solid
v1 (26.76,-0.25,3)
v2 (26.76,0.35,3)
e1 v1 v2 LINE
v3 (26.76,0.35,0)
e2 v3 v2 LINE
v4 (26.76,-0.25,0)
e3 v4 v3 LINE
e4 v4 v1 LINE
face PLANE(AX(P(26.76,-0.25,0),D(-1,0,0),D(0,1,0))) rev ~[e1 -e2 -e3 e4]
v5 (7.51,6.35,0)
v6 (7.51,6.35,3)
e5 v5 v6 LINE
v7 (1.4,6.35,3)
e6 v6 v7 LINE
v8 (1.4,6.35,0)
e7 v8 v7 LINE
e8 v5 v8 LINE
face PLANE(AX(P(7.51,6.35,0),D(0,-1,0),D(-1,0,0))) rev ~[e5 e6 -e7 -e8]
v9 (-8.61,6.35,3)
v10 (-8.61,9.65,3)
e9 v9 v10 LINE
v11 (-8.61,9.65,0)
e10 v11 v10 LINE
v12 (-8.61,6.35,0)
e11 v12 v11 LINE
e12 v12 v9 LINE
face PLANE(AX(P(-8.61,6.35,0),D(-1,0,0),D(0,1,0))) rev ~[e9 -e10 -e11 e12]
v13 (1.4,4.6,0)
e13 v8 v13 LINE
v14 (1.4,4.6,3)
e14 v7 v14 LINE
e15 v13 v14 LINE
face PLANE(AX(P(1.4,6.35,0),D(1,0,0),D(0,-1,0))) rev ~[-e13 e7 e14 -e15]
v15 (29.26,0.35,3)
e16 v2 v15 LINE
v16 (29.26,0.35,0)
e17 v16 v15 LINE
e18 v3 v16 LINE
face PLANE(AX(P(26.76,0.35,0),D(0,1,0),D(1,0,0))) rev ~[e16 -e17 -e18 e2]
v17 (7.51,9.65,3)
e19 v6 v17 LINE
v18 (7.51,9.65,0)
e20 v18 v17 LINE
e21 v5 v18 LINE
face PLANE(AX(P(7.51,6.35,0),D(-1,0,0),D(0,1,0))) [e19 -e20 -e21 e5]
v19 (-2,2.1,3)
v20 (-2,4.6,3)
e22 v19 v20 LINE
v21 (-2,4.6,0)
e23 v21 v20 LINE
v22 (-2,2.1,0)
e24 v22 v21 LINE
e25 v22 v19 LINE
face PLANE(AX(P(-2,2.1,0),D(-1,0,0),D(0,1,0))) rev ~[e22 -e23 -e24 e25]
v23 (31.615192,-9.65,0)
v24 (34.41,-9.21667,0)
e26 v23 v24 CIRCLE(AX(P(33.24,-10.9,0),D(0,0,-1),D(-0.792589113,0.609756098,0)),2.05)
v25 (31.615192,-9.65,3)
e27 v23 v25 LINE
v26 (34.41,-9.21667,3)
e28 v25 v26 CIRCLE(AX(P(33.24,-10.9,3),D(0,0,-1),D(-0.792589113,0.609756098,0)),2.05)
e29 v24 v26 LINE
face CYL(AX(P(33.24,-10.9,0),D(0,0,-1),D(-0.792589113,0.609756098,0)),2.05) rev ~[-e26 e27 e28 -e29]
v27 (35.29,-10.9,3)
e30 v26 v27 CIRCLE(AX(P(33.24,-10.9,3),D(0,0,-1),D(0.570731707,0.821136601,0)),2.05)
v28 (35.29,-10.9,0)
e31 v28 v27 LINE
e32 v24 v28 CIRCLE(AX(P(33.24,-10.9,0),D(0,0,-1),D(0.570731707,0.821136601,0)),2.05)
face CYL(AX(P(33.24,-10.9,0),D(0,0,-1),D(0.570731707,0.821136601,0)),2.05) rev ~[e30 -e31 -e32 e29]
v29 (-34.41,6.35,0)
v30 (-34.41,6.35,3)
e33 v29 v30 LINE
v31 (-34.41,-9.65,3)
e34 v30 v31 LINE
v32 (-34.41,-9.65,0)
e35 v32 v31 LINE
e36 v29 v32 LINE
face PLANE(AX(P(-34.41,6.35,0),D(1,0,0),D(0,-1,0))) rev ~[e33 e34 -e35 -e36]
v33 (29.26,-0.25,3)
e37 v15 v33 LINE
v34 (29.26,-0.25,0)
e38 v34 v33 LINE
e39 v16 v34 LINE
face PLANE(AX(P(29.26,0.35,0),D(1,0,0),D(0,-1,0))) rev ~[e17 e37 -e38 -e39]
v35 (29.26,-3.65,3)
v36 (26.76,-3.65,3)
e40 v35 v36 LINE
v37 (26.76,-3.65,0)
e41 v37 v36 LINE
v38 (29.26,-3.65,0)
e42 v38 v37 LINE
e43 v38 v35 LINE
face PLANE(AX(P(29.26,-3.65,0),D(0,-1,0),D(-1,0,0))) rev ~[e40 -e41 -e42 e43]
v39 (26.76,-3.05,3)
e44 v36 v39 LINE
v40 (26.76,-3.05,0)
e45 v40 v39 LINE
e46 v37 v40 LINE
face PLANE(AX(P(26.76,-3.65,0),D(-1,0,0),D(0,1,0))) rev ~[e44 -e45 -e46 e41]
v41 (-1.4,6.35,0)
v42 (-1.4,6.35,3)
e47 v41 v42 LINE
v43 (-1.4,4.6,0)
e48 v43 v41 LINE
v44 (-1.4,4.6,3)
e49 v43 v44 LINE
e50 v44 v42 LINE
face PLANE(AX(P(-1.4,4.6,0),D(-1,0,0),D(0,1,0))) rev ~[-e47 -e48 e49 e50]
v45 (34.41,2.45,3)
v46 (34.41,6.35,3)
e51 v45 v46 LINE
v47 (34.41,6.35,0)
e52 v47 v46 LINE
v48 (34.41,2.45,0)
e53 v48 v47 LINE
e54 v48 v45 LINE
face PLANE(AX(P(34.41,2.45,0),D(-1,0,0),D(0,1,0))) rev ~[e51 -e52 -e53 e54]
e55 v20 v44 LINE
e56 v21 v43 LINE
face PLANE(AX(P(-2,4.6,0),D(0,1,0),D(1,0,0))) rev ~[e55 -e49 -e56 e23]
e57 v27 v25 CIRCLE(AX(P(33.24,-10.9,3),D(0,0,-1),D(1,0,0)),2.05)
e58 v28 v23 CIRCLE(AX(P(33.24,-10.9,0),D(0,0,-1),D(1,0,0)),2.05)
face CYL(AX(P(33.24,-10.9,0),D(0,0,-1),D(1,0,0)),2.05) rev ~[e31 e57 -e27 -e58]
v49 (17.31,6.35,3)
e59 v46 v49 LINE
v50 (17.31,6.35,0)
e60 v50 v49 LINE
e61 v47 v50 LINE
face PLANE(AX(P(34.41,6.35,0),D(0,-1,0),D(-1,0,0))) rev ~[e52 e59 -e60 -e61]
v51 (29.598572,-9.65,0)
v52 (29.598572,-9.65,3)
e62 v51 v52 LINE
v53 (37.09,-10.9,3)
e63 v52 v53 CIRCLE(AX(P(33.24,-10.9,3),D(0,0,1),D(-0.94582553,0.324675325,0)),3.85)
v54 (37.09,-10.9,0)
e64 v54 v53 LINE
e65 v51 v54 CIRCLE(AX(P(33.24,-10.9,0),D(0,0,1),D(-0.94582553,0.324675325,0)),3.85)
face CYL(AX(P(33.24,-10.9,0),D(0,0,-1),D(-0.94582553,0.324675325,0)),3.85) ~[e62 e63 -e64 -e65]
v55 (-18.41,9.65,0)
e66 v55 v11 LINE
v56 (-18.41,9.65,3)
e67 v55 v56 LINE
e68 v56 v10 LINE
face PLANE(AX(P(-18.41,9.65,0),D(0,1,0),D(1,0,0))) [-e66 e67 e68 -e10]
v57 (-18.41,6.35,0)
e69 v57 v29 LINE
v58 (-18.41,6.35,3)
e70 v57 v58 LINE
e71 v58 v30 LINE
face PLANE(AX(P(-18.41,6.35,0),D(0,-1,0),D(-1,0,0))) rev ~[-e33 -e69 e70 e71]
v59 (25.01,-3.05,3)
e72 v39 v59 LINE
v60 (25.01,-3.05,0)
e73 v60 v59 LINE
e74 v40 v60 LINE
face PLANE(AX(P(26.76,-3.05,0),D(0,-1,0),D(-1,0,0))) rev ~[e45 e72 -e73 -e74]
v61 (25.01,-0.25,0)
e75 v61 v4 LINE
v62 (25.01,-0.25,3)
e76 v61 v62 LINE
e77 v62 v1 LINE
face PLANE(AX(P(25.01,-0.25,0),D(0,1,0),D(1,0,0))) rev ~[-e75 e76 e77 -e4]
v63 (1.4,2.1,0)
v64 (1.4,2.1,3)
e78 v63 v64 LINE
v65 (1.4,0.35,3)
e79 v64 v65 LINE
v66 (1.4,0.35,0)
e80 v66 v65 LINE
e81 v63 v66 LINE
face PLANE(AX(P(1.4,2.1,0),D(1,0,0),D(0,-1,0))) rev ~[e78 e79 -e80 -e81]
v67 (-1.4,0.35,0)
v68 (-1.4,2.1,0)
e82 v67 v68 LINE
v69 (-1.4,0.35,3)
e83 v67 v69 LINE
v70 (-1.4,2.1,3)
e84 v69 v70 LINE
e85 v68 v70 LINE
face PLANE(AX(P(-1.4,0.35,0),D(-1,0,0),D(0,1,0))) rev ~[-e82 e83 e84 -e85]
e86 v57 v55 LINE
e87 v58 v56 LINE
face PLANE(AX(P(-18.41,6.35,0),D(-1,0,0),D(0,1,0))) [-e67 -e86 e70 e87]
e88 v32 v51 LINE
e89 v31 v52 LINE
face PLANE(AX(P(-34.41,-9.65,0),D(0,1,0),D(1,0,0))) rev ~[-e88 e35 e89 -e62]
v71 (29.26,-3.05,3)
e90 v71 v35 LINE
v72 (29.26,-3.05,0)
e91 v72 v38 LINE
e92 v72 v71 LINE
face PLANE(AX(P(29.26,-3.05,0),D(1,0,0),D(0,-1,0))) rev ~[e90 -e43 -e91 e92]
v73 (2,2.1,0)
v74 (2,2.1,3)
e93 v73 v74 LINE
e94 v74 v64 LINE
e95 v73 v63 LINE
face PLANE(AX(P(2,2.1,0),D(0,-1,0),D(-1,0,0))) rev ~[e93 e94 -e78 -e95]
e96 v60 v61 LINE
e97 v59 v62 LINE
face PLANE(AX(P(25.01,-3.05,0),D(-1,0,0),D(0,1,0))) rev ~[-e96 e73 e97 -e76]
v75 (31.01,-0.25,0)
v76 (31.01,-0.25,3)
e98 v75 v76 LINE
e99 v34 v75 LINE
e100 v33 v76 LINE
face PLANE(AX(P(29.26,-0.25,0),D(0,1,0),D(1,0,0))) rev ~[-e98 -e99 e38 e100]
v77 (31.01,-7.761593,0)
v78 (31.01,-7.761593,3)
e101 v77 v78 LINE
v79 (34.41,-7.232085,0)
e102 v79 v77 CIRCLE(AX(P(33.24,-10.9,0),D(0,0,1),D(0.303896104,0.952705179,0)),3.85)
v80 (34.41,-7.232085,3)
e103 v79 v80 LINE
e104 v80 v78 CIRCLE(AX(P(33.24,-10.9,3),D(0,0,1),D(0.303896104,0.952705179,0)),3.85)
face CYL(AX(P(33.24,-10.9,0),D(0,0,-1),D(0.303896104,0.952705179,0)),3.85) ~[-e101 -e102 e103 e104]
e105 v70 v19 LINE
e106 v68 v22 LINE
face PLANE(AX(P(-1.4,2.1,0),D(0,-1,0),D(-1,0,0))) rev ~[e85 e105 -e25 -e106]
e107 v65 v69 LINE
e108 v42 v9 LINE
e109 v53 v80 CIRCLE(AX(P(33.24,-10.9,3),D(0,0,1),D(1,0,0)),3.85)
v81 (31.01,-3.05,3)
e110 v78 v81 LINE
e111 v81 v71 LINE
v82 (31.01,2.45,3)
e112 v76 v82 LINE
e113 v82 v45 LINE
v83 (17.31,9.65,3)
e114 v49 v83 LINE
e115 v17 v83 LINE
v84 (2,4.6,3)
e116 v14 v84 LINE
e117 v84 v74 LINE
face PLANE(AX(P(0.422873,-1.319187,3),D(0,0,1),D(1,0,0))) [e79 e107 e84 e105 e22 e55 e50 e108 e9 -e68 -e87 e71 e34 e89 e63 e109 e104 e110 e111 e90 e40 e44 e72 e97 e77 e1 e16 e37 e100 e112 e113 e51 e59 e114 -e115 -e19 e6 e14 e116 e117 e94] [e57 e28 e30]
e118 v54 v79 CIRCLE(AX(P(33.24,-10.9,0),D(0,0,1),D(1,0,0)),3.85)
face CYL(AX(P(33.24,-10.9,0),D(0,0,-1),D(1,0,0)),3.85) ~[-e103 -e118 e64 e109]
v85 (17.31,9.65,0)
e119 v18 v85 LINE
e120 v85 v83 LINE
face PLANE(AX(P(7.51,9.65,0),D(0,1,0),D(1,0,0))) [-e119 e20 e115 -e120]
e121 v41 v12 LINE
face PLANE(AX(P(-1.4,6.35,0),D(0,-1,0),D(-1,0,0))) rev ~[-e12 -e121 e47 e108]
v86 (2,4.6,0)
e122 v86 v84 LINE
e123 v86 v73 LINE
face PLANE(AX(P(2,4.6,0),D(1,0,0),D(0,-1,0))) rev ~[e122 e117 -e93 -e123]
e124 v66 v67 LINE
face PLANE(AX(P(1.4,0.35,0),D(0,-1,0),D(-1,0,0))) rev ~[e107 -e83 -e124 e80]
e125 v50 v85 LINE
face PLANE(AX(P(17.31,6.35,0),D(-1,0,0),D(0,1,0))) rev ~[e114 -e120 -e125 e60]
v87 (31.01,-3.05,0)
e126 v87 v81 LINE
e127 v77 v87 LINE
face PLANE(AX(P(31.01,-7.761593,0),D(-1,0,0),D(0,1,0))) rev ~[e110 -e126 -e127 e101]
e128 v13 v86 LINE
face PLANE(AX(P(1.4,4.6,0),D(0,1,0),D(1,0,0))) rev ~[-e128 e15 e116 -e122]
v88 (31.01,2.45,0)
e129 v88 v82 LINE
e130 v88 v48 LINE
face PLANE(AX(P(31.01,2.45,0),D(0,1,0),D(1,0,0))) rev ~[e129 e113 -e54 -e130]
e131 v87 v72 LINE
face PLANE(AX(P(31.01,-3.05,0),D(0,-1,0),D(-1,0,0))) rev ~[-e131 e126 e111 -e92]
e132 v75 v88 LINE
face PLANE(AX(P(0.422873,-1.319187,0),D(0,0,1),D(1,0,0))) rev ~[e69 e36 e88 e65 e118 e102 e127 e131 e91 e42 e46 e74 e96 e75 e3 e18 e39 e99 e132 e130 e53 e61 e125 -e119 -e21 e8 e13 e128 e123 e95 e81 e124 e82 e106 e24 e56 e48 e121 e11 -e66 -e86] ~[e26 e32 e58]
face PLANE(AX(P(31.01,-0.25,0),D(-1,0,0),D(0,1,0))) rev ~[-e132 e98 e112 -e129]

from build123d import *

# Parameters (mm, degrees)
F0_W     = 3.4
F0_H     = 3.9
F0_W_2   = 9.8
F0_H_2   = 3.3
F1_DEPTH = 3


with BuildPart() as f1:
    # F0 (on Top) → F1 (new body)
    with BuildSketch(Plane.XY):
        with BuildLine():
            Line((31.01, 2.45), (31.01, 6.35))
            Line((31.01, 6.35), (17.31, 6.35))
            Line((17.31, 6.35), (7.51, 6.35))
            Line((7.51, 6.35), (1.4, 6.35))
            Line((1.4, 6.35), (1.4, 4.6))
            Line((1.4, 4.6), (2, 4.6))
            Line((2, 4.6), (2, 2.1))
            Line((2, 2.1), (1.4, 2.1))
            Line((1.4, 2.1), (1.4, 0.35))
            Line((1.4, 0.35), (0, 0.35))
            Line((0, 0.35), (-1.4, 0.35))
            Line((-1.4, 0.35), (-1.4, 2.1))
            Line((-1.4, 2.1), (-2, 2.1))
            Line((-2, 2.1), (-2, 4.6))
            Line((-2, 4.6), (-1.4, 4.6))
            Line((-1.4, 4.6), (-1.4, 6.35))
            Line((-1.4, 6.35), (-8.61, 6.35))
            Line((-8.61, 6.35), (-18.41, 6.35))
            Line((-18.41, 6.35), (-34.41, 6.35))
            Line((-34.41, 6.35), (-34.41, -9.65))
            Line((-34.41, -9.65), (29.5985717088, -9.65))
            ThreePointArc((29.5985717088, -9.65), (30.1561812602, -8.5951004404), (31.01, -7.7615927607))
            Line((31.01, -7.7615927607), (31.01, -6.35))
            Line((31.01, -6.35), (31.01, -3.05))
            Line((31.01, -3.05), (29.26, -3.05))
            Line((29.26, -3.05), (29.26, -3.65))
            Line((29.26, -3.65), (26.76, -3.65))
            Line((26.76, -3.65), (26.76, -3.05))
            Line((26.76, -3.05), (25.01, -3.05))
            Line((25.01, -3.05), (25.01, -1.65))
            Line((25.01, -1.65), (25.01, -0.25))
            Line((25.01, -0.25), (26.76, -0.25))
            Line((26.76, -0.25), (26.76, 0.35))
            Line((26.76, 0.35), (29.26, 0.35))
            Line((29.26, 0.35), (29.26, -0.25))
            Line((29.26, -0.25), (31.01, -0.25))
            Line((31.01, -0.25), (31.01, 2.45))
        make_face()
        with Locations((32.71, 4.4)):
            Rectangle(F0_W, F0_H)
        with Locations((12.41, 8)):
            Rectangle(F0_W_2, F0_H_2)
        with Locations((-13.51, 8)):
            Rectangle(F0_W_2, F0_H_2)
        with BuildLine():
            Line((34.41, -9.216669967), (34.41, -7.232085061))
            ThreePointArc((34.41, -7.232085061), (32.6475520268, -7.0958568114), (31.01, -7.7615927607))
            Line((31.01, -7.7615927607), (31.01, -9.65))
            Line((31.01, -9.65), (31.6151923191, -9.65))
            ThreePointArc((31.6151923191, -9.65), (32.9259040974, -8.8742053994), (34.41, -9.216669967))
        make_face()
        with BuildLine():
            Line((31.01, -9.65), (31.01, -7.7615927607))
            ThreePointArc((31.01, -7.7615927607), (30.1561812602, -8.5951004404), (29.5985717088, -9.65))
            Line((29.5985717088, -9.65), (31.01, -9.65))
        make_face()
        with BuildLine():
            ThreePointArc((37.09, -10.9), (36.3486170559, -8.6286567851), (34.41, -7.232085061))
            Line((34.41, -7.232085061), (34.41, -9.216669967))
            ThreePointArc((34.41, -9.216669967), (35.0567278277, -9.9502631944), (35.29, -10.9))
            ThreePointArc((35.29, -10.9), (32.5798317434, -12.8407931041), (31.6151923191, -9.65))
            Line((31.6151923191, -9.65), (31.01, -9.65))
            Line((31.01, -9.65), (29.5985717088, -9.65))
            ThreePointArc((29.5985717088, -9.65), (32.6063592978, -14.6974991061), (37.09, -10.9))
        make_face()
    extrude(amount=F1_DEPTH)


solid = f1.part
